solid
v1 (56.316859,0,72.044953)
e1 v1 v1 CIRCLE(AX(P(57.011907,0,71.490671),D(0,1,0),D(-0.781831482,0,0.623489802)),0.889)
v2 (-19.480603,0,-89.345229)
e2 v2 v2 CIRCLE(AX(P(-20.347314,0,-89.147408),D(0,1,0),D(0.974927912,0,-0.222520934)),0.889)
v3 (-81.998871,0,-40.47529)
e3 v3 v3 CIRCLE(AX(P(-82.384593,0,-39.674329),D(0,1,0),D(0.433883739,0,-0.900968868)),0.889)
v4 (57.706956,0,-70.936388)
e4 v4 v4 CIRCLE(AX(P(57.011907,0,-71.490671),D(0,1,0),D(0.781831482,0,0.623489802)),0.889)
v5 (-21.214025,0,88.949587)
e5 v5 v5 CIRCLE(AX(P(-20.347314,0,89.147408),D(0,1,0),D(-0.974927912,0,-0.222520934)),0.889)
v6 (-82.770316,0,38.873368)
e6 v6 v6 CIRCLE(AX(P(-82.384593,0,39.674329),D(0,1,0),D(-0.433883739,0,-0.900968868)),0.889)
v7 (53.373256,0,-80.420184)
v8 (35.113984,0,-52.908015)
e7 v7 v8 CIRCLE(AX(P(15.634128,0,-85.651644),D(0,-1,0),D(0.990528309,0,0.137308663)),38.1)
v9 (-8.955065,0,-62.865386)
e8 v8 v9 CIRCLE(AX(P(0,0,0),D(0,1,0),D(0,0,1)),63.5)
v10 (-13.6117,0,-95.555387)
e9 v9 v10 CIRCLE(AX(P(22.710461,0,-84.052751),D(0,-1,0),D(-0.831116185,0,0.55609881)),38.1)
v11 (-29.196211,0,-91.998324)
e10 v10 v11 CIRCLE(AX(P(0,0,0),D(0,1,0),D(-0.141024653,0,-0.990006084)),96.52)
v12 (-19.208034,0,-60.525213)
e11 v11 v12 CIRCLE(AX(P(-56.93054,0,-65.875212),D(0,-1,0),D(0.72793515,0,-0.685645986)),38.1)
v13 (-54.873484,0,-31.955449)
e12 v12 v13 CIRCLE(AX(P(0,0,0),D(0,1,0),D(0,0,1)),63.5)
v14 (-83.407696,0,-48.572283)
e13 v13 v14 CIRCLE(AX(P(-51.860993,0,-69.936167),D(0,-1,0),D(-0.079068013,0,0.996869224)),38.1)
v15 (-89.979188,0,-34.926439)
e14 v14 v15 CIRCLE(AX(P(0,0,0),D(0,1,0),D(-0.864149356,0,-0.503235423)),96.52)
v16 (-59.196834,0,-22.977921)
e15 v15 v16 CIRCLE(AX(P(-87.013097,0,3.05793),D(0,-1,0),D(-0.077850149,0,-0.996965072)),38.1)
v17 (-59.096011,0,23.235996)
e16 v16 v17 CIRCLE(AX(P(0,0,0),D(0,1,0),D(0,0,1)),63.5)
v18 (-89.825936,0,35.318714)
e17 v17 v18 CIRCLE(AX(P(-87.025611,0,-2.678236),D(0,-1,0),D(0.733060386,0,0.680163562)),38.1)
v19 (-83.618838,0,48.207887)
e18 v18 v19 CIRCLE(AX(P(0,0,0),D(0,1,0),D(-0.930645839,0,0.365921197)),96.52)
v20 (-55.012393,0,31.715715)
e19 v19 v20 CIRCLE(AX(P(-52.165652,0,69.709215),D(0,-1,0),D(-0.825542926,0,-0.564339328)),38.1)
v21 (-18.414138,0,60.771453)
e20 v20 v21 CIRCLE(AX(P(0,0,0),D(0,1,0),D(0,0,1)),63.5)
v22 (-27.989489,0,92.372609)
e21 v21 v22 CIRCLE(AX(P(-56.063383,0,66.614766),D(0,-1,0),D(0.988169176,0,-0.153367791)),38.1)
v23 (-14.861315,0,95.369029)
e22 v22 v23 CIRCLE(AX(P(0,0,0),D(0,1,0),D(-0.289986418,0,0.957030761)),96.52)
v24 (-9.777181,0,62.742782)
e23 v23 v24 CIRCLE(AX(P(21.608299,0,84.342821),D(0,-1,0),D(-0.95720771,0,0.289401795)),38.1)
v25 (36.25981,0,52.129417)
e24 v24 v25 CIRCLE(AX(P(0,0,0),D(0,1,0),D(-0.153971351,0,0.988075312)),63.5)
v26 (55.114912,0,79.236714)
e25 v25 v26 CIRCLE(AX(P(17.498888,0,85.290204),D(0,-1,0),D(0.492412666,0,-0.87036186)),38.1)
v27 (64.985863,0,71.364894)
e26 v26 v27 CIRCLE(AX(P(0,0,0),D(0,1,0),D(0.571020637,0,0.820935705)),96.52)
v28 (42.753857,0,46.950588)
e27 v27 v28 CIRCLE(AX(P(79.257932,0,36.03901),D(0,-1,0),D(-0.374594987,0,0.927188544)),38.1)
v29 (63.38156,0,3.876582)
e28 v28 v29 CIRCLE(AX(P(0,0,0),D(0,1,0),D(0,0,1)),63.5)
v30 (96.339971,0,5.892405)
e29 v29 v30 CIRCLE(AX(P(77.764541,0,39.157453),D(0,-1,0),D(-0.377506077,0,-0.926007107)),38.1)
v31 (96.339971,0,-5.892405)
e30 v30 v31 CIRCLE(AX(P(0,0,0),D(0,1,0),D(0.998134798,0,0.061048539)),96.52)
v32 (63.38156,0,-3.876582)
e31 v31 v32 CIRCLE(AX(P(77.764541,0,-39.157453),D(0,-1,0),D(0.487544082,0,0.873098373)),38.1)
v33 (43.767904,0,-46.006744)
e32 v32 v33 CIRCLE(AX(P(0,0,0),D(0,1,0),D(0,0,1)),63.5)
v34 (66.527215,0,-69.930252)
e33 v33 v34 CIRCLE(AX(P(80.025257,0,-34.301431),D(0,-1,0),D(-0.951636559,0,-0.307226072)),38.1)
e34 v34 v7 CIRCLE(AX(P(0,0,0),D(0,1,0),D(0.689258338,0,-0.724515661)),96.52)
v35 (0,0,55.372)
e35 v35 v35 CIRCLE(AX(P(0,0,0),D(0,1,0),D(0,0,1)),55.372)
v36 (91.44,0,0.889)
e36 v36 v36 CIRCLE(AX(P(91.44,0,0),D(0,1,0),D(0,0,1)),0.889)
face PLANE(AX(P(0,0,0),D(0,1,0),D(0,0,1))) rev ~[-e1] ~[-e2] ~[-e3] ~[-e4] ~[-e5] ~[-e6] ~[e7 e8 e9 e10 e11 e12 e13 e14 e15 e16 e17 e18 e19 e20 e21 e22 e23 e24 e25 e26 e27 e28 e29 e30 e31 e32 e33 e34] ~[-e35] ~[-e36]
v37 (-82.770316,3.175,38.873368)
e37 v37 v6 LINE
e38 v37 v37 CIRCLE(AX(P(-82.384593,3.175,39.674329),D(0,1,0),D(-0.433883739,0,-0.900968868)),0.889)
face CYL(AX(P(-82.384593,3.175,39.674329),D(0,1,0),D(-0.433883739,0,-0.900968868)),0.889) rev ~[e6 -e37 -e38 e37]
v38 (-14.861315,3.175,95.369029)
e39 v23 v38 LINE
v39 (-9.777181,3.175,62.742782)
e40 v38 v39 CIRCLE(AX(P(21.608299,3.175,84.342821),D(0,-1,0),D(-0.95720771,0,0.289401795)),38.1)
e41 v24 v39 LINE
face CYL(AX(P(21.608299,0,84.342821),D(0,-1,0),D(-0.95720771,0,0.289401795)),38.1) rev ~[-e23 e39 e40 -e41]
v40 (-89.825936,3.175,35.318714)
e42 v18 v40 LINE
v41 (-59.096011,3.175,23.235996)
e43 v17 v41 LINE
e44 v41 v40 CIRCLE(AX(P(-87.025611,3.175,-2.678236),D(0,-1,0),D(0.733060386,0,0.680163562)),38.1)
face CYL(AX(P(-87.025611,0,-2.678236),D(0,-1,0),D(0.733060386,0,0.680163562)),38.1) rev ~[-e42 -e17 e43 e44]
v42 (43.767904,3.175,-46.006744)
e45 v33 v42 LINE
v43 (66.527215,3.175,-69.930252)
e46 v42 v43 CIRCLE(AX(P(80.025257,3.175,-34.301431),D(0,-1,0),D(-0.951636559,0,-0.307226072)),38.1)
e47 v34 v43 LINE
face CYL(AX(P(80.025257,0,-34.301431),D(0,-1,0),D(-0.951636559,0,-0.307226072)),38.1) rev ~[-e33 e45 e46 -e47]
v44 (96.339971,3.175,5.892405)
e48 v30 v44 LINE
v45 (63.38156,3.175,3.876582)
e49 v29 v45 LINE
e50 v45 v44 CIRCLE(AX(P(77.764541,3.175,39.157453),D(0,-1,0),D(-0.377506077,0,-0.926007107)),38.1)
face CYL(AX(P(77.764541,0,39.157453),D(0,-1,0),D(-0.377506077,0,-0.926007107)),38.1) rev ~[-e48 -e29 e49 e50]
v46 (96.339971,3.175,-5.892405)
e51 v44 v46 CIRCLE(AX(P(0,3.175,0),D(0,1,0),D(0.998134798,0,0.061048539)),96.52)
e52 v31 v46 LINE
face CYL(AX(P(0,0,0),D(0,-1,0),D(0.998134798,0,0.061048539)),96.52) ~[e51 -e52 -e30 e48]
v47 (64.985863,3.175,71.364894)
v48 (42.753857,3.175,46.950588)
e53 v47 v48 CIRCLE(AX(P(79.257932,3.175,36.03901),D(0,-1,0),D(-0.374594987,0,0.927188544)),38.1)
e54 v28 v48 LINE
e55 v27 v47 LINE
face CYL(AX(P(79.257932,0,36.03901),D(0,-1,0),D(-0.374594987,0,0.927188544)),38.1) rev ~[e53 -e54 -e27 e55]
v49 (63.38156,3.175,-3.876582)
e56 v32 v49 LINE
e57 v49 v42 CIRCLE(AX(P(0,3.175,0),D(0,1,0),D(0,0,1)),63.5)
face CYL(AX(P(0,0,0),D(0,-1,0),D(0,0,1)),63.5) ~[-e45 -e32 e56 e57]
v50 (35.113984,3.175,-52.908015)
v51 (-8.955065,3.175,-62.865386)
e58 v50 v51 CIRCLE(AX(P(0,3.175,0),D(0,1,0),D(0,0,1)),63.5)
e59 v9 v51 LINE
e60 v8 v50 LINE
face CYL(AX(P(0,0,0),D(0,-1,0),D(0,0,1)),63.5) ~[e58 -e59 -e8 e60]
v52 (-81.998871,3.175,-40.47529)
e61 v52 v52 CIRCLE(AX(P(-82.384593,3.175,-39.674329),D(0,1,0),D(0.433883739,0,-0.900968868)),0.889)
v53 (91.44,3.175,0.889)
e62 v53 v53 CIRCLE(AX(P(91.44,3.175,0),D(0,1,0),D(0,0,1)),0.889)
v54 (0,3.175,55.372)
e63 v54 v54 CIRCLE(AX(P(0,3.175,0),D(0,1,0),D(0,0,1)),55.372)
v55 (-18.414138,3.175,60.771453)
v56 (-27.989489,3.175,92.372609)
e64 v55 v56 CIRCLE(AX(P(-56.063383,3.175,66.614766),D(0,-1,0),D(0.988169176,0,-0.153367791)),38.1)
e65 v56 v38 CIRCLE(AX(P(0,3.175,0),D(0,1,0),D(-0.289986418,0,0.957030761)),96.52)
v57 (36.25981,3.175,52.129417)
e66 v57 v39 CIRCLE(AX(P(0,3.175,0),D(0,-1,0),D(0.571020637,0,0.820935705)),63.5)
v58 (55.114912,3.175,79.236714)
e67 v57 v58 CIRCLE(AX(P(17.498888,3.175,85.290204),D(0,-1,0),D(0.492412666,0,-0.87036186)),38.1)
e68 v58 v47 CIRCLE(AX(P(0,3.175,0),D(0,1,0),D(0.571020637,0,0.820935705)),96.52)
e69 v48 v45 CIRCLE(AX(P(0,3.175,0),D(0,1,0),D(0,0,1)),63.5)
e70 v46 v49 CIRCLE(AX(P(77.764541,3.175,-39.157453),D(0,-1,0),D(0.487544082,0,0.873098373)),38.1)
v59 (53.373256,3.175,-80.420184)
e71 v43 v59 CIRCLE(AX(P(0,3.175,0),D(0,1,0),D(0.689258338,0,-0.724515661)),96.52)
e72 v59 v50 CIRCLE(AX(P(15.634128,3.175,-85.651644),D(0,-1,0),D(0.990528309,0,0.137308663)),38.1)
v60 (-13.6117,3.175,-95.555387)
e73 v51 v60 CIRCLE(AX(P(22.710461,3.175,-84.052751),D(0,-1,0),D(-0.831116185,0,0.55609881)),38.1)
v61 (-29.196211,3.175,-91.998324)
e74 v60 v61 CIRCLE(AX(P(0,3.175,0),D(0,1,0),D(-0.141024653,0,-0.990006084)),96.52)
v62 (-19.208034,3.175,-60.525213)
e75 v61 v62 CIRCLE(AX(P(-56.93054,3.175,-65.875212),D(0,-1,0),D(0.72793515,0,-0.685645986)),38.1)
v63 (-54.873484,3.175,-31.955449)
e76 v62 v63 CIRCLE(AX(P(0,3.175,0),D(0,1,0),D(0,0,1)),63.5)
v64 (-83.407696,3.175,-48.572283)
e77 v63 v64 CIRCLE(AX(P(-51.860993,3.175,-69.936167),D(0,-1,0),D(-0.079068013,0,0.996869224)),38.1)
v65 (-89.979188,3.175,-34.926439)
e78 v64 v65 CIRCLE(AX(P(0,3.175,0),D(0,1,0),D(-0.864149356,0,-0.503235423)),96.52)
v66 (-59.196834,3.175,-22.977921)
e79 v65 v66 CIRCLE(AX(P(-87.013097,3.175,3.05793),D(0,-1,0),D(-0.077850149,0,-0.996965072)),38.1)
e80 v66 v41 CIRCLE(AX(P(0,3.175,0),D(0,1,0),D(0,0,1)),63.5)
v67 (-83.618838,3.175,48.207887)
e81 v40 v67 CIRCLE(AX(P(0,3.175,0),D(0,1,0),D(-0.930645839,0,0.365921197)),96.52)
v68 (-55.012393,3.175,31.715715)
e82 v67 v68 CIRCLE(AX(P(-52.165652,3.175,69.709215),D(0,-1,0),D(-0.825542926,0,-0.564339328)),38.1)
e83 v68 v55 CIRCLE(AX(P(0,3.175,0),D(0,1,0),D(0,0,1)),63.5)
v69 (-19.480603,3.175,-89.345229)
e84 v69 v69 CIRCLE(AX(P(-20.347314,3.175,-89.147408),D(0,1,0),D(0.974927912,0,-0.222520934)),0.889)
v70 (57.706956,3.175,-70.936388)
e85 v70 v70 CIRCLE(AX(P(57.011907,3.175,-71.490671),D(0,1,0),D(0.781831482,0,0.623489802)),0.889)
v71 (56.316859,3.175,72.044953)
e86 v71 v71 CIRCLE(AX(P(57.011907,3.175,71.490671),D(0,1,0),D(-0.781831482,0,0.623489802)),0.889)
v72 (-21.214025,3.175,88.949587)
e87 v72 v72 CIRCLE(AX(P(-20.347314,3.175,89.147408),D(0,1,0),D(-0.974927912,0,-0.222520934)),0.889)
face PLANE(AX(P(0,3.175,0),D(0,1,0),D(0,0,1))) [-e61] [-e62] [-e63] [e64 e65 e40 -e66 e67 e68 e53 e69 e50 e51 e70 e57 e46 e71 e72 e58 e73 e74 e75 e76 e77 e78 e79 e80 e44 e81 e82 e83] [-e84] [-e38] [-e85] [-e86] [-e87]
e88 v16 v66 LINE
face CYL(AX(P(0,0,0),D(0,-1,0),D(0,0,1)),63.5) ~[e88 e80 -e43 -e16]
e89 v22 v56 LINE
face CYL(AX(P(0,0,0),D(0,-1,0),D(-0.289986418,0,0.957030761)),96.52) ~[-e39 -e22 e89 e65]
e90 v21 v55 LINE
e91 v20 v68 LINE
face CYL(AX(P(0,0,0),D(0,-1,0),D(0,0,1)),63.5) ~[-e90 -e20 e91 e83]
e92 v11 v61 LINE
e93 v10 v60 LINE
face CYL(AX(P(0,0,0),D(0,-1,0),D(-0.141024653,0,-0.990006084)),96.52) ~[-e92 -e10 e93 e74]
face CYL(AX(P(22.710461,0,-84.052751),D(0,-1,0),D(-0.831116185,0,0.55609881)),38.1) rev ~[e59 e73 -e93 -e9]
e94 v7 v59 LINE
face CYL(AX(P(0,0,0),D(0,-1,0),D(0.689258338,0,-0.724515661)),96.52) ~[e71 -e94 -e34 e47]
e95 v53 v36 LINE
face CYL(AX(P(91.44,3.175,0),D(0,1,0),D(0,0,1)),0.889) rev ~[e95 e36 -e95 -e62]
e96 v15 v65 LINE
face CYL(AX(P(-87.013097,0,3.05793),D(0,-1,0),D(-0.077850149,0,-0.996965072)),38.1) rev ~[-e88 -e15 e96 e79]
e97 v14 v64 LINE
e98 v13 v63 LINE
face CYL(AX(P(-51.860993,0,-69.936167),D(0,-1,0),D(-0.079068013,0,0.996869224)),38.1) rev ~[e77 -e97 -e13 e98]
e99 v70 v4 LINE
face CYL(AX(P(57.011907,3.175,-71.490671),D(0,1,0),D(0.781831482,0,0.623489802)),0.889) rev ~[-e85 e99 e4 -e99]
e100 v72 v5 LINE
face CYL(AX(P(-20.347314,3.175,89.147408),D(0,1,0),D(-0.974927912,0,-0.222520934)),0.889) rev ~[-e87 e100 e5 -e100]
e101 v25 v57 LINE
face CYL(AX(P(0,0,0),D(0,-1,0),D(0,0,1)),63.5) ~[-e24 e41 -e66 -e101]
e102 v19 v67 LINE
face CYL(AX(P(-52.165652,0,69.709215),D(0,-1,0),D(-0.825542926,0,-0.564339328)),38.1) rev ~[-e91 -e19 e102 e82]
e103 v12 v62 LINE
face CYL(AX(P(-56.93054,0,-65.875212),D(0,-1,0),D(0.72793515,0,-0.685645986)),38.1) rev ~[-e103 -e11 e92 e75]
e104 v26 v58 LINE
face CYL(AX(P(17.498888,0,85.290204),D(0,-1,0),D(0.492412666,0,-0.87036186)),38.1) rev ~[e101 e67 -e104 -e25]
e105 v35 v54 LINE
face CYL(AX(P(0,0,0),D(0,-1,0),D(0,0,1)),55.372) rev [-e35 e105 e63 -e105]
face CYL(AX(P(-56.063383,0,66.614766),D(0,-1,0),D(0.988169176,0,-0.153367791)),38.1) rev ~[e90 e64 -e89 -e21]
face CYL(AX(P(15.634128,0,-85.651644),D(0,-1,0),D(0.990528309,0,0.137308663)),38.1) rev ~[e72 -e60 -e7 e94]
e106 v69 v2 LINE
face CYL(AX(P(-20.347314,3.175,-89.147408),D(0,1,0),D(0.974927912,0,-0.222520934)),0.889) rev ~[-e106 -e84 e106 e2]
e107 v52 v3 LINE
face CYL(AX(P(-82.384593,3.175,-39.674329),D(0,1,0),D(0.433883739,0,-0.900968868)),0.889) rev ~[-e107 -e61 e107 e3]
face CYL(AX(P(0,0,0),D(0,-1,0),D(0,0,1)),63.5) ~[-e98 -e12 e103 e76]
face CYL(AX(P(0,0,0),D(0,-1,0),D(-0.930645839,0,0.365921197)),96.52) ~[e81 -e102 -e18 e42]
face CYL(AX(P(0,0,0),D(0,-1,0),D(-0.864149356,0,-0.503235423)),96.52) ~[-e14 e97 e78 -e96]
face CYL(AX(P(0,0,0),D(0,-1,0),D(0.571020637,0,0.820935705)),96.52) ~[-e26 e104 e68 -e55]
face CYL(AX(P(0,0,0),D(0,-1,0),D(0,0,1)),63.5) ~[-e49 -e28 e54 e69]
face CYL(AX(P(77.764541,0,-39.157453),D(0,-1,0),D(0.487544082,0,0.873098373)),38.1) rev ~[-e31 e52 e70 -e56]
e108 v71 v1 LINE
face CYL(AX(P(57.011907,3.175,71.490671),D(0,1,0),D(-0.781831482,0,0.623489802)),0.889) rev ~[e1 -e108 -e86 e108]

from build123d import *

# Parameters (mm, degrees)
SKETCH1_R           = 63.5
SKETCH1_R_2         = 55.372
BOSS_EXTRUDE1_DEPTH = 3.175
BOSS_EXTRUDE2_DEPTH = 3.175
SKETCH37_R          = 0.889
CUT_EXTRUDE19_DEPTH = 136.856626854
CIRPATTERN7_COUNT   = 7


with BuildPart() as part:
    # Sketch1 → Boss-Extrude1 (new body)
    with BuildSketch(Plane(origin=(0, 0, 0), x_dir=(1, 0, 0), z_dir=(0, 1, 0))):
        with Locations(Location((0, 0, 0), (0, 0, 270))):
            Circle(SKETCH1_R)
        with Locations(Location((0, 0, 0), (0, 0, 270))):
            Circle(SKETCH1_R_2, mode=Mode.SUBTRACT)
    extrude(amount=BOSS_EXTRUDE1_DEPTH)

    # Sketch2 → Boss-Extrude2 (add)
    with BuildSketch(Plane(origin=(0, 0, 0), x_dir=(1, 0, 0), z_dir=(0, 1, 0))):
        with BuildLine():
            ThreePointArc((63.3815597, 3.87658226), (63.5, 0), (63.3815597, -3.87658226))
            ThreePointArc((63.3815597, -3.87658226), (80.090490582, -1.128517213), (96.339970744, -5.892405036))
            ThreePointArc((96.339970744, -5.892405036), (96.52, 0), (96.339970744, 5.892405036))
            ThreePointArc((96.339970744, 5.892405036), (80.090490582, 1.128517213), (63.3815597, 3.87658226))
        make_face()
        with BuildLine():
            ThreePointArc((-8.955065497, 62.865386358), (-15.008770651, 78.67971172), (-13.611699556, 95.555387264))
            ThreePointArc((-13.611699556, 95.555387264), (-21.477720545, 94.100042084), (-29.19621118, 91.998324184))
            ThreePointArc((-29.19621118, 91.998324184), (-20.615412412, 77.400032324), (-19.208033671, 60.525213279))
            ThreePointArc((-19.208033671, 60.525213279), (-14.130079306, 61.907922424), (-8.955065497, 62.865386358))
        make_face()
        with BuildLine():
            ThreePointArc((64.985862756, -71.364893623), (51.087579034, -61.691324359), (42.753857076, -46.95058791))
            ThreePointArc((42.753857076, -46.95058791), (39.591602418, -49.646299137), (36.25981044, -52.129417289))
            ThreePointArc((36.25981044, -52.129417289), (48.776538257, -63.53431788), (55.114911869, -79.236714279))
            ThreePointArc((55.114911869, -79.236714279), (60.179235675, -75.462374688), (64.985862756, -71.364893623))
        make_face()
        with BuildLine():
            ThreePointArc((-14.861314783, -95.36902916), (-16.037370419, -78.4765123), (-9.777180778, -62.742782342))
            ThreePointArc((-9.777180778, -62.742782342), (-14.130079306, -61.907922424), (-18.414137508, -60.77145333))
            ThreePointArc((-18.414137508, -60.77145333), (-19.600511119, -77.663248687), (-27.989489013, -92.372609061))
            ThreePointArc((-27.989489013, -92.372609061), (-21.477720545, -94.100042084), (-14.861314783, -95.36902916))
        make_face()
        with BuildLine():
            ThreePointArc((-83.618837729, -48.207887082), (-71.195081366, -36.701779549), (-55.012393243, -31.715715185))
            ThreePointArc((-55.012393243, -31.715715185), (-57.211523112, -27.551617434), (-59.096010784, -23.235995986))
            ThreePointArc((-59.096010784, -23.235995986), (-73.084013888, -32.77937075), (-89.825936391, -35.318713899))
            ThreePointArc((-89.825936391, -35.318713899), (-86.96151513, -41.8784585), (-83.618837729, -48.207887082))
        make_face()
        with BuildLine():
            ThreePointArc((-89.979187785, 34.926439348), (-73.226344714, 32.460170557), (-59.196834069, 22.977920624))
            ThreePointArc((-59.196834069, 22.977920624), (-57.211523112, 27.551617434), (-54.87348409, 31.955449361))
            ThreePointArc((-54.87348409, 31.955449361), (-71.034262424, 37.012076334), (-83.407695816, 48.572283029))
            ThreePointArc((-83.407695816, 48.572283029), (-86.96151513, 41.8784585), (-89.979187785, 34.926439348))
        make_face()
        with BuildLine():
            ThreePointArc((53.3732562, 80.420183553), (47.378936921, 64.583253007), (35.113984342, 52.908015495))
            ThreePointArc((35.113984342, 52.908015495), (39.591602418, 49.646299137), (43.767904494, 46.006744465))
            ThreePointArc((43.767904494, 46.006744465), (52.421210722, 60.562173831), (66.52721483, 69.930251586))
            ThreePointArc((66.52721483, 69.930251586), (60.179235675, 75.462374688), (53.3732562, 80.420183553))
        make_face()
    extrude(amount=BOSS_EXTRUDE2_DEPTH)

    # Sketch37 → Cut-Extrude19 (cut, through all)
    with BuildSketch(Plane(origin=(0, 3.175, 0), x_dir=(1, 0, 0), z_dir=(0, 1, 0))):
        with Locations(Location((91.44, 0, 0), (0, 0, 270))):
            Circle(SKETCH37_R)
    cut_extrude19 = extrude(amount=-CUT_EXTRUDE19_DEPTH, mode=Mode.SUBTRACT)

    # CirPattern7: Cut-Extrude19 ×7 about axis
    cirpattern7_axis = Axis((0, 0, 0), (0, 1, 0))
    for i in range(1, CIRPATTERN7_COUNT):
        add(cut_extrude19.rotate(cirpattern7_axis, i * 360 / CIRPATTERN7_COUNT), mode=Mode.SUBTRACT)


solid = part.part
